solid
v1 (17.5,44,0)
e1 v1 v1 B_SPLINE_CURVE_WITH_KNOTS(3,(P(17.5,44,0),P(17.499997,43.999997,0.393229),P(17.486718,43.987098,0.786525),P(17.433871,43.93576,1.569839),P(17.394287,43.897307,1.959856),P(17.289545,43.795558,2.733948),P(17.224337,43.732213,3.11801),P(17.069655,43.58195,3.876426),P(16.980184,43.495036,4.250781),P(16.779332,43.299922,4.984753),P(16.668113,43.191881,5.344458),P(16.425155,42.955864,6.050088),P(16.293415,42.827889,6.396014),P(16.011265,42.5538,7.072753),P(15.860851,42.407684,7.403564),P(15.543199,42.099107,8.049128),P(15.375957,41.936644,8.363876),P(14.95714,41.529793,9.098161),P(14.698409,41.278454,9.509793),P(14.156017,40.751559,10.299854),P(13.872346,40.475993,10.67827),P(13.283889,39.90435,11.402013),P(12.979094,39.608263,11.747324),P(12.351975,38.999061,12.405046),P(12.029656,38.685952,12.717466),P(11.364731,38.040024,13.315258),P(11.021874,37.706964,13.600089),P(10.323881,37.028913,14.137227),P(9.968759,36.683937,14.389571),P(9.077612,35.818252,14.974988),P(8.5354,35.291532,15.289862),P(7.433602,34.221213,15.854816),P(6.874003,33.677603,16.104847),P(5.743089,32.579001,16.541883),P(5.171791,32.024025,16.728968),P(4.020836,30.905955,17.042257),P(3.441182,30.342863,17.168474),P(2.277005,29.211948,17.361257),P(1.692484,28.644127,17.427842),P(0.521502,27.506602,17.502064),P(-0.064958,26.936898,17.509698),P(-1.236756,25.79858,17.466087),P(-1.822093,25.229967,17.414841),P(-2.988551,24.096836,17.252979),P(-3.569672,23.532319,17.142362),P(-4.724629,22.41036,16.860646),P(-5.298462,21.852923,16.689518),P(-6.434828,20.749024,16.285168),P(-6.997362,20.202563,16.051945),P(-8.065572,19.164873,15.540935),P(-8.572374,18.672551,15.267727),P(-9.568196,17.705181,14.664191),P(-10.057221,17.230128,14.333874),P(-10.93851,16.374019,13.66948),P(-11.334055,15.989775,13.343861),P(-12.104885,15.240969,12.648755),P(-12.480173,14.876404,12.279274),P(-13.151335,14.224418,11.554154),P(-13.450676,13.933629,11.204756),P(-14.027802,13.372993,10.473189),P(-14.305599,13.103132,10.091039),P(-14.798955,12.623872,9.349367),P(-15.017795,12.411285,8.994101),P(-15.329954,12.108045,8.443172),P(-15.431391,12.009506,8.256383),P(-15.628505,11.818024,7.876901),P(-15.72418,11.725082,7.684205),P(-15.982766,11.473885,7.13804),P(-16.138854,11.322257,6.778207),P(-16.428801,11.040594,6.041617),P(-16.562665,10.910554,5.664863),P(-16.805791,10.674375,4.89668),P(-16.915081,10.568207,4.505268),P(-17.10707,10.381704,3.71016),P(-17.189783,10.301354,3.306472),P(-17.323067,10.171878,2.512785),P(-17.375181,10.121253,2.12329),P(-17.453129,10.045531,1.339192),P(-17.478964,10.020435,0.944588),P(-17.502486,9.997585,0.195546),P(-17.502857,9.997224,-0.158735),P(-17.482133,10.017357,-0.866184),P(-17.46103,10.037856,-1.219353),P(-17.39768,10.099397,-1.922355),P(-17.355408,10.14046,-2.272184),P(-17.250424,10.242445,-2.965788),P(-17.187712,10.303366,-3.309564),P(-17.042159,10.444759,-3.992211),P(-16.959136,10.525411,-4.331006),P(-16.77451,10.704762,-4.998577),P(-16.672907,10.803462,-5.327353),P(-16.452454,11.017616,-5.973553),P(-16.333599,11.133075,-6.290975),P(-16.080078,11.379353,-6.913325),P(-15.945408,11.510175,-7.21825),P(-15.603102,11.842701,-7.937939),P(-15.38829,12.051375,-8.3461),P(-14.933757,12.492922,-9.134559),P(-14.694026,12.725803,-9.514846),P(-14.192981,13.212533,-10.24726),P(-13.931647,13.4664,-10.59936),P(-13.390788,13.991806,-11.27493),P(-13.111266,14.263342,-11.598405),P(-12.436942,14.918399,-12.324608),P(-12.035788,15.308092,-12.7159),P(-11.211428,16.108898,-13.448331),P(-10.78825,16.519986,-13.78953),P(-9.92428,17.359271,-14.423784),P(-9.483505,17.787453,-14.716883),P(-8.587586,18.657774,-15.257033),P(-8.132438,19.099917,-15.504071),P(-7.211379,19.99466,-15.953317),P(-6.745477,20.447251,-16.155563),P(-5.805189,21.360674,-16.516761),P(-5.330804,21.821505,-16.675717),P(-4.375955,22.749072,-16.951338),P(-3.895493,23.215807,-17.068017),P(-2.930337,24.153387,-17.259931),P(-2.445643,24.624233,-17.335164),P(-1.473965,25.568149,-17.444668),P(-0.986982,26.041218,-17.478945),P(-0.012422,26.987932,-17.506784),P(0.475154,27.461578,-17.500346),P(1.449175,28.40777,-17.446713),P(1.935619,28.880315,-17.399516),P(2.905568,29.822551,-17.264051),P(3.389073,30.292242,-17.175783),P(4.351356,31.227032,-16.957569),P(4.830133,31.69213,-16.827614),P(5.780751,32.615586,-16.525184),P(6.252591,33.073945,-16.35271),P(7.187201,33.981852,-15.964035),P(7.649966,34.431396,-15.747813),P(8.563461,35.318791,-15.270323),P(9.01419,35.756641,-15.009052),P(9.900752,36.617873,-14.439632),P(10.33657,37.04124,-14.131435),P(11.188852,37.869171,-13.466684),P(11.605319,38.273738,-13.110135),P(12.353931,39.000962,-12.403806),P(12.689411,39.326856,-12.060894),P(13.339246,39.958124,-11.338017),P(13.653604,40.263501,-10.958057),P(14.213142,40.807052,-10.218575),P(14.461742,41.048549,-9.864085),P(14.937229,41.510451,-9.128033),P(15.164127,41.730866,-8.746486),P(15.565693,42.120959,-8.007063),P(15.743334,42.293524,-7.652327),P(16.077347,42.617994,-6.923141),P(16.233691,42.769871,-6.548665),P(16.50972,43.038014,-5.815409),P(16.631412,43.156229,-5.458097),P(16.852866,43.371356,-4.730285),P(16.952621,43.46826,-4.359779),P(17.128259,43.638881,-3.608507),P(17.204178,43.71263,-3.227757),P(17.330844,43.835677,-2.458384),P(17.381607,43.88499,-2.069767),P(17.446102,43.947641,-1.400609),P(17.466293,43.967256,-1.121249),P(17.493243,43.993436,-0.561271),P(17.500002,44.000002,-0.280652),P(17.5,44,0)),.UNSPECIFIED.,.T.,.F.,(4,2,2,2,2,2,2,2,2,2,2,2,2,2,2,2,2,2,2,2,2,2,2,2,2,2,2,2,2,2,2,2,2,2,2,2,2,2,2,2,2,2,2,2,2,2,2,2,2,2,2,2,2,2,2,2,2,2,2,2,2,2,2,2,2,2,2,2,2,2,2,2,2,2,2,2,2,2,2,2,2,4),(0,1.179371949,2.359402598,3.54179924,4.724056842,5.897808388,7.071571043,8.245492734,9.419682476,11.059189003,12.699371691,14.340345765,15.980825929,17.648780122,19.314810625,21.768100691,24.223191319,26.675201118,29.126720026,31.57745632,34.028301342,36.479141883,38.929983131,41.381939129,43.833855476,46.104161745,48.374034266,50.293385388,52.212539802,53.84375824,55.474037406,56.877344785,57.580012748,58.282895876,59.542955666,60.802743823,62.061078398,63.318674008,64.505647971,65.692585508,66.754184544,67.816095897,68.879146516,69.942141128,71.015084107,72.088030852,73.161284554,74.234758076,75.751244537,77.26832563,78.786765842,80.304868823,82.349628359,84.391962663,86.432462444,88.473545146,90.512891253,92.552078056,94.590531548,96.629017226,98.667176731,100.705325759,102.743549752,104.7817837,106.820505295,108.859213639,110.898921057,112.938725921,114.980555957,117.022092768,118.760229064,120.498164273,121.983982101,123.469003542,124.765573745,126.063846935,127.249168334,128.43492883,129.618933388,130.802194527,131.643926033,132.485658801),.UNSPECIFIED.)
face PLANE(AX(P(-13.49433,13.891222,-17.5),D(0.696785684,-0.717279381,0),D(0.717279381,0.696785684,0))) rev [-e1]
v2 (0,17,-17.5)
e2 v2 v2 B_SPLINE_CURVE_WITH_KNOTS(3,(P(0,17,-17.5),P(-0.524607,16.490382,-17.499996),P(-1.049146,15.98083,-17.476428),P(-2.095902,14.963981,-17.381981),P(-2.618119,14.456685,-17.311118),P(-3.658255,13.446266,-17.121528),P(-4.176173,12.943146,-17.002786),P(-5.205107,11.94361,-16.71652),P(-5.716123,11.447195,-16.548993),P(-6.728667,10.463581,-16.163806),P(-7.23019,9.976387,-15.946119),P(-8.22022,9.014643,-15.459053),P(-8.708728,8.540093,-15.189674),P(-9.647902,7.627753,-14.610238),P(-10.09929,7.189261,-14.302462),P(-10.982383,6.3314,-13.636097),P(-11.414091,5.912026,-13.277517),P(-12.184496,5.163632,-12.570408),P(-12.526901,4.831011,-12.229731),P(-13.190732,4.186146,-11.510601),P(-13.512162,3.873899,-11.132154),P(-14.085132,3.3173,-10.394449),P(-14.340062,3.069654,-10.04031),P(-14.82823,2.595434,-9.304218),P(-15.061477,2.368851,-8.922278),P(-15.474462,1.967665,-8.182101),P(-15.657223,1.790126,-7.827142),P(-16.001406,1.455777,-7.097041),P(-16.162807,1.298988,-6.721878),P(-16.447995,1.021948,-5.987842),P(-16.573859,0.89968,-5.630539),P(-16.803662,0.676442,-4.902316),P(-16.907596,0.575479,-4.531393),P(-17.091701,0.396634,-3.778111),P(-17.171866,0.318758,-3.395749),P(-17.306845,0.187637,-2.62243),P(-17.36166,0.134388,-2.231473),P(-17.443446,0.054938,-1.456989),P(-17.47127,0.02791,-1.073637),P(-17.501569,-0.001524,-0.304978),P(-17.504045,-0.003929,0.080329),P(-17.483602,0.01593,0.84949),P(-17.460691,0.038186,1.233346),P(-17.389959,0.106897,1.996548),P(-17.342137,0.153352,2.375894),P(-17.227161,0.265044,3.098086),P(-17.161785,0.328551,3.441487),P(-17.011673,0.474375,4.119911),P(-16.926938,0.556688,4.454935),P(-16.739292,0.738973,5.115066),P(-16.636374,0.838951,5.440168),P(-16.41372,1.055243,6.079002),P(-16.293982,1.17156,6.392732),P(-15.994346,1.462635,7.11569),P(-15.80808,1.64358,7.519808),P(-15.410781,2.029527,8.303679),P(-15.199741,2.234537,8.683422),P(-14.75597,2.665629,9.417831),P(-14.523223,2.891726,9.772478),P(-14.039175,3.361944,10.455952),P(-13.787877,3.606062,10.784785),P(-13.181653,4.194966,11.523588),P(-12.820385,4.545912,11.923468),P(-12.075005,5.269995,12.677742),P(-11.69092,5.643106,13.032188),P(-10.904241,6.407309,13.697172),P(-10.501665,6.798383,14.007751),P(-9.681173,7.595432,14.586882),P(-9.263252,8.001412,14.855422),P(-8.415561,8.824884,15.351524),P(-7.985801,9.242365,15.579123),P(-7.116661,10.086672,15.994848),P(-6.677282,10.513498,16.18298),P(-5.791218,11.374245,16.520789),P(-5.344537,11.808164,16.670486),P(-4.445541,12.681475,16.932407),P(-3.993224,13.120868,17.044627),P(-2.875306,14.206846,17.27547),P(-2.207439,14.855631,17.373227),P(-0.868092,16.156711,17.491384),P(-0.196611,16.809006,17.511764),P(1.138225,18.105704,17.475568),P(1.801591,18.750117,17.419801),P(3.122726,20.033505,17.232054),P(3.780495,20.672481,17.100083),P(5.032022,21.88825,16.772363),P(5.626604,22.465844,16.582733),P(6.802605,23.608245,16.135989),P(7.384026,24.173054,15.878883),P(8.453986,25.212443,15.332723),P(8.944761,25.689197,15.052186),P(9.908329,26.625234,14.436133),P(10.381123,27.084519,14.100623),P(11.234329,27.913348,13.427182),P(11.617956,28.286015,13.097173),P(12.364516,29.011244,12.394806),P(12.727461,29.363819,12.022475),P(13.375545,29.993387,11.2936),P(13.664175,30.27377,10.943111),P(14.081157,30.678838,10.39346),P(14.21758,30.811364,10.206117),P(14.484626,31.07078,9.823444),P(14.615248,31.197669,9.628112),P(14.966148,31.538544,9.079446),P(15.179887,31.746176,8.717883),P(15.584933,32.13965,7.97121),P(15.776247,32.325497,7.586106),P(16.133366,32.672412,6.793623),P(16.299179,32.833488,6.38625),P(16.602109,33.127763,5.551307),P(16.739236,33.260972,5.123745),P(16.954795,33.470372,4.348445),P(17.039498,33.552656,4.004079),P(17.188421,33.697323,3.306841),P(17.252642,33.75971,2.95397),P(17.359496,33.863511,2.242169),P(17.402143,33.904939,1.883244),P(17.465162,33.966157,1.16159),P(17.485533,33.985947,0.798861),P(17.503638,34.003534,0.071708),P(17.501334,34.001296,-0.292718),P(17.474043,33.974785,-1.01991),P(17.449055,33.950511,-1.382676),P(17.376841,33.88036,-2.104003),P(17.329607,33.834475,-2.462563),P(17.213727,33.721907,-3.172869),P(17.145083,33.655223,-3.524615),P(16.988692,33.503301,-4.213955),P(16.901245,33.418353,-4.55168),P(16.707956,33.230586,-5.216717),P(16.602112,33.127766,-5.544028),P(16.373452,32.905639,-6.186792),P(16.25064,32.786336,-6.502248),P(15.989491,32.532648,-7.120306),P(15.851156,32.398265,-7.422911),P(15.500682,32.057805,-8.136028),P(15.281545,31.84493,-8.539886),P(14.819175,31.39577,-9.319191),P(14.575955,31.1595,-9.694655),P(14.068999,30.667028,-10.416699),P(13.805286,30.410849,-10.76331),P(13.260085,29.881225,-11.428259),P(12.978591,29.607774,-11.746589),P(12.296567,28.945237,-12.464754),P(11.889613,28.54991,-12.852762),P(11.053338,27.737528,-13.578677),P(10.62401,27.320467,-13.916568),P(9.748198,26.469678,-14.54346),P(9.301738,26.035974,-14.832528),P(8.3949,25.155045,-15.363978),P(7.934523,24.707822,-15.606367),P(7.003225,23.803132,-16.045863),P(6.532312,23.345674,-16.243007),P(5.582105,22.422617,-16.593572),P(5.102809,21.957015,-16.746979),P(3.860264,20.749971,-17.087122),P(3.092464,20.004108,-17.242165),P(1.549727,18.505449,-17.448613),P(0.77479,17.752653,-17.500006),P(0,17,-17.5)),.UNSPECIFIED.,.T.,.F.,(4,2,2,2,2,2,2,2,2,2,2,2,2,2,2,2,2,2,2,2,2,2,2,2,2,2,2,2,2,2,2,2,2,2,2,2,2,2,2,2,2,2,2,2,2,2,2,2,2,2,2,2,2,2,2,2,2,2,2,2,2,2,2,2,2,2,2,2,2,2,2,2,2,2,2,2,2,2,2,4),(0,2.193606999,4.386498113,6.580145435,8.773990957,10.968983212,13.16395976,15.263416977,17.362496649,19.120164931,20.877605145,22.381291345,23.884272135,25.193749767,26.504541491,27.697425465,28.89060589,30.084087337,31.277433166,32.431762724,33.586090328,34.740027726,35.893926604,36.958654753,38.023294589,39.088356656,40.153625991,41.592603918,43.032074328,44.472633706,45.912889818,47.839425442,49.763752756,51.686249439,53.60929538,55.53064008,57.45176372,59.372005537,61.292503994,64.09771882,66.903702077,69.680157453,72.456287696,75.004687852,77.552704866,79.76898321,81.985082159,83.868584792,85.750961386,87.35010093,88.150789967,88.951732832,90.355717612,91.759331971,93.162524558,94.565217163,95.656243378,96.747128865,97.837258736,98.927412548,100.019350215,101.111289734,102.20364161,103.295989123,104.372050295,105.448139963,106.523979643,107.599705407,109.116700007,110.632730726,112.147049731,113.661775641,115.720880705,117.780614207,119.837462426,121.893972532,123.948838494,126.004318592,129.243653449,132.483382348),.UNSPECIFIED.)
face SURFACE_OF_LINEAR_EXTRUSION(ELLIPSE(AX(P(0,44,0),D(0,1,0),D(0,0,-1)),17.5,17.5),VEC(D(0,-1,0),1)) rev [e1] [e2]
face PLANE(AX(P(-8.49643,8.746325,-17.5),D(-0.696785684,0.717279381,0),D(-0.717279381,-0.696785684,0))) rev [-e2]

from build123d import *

# Parameters (mm, degrees)
SKETCH_3_RX              = 17.5
SKETCH_3_RY              = 17.5
EXTRUDE_2_DEPTH          = 44
CUT_EXTRUDE_2_DEPTH      = 51.482670294
CUT_EXTRUDE_2_DEPTH_BACK = 51.482670294


with BuildPart() as part:
    # Эскиз3 → Бобышка-Вытянуть2 (new body)
    with BuildSketch(Plane(origin=(0, 0, 0), x_dir=(1, 0, 0), z_dir=(0, 1, 0))):
        with Locations(Location((0, 0), (0, 0, 0))):
            Ellipse(SKETCH_3_RX, SKETCH_3_RY)
    extrude(amount=EXTRUDE_2_DEPTH)

    # Эскиз4 → Вырез-Вытянуть2 (cut, two sides: drawn at the far end of the back side and taken through both)
    with BuildSketch(Plane.XY.offset(-CUT_EXTRUDE_2_DEPTH_BACK)):
        Polygon((-17.5, 44), (17.5, 44), (-17.5, 10), align=None)
        Polygon((17.5, 0), (-17.5, 0), (17.5, 34), align=None)
    extrude(amount=CUT_EXTRUDE_2_DEPTH + CUT_EXTRUDE_2_DEPTH_BACK, mode=Mode.SUBTRACT)


solid = part.part
